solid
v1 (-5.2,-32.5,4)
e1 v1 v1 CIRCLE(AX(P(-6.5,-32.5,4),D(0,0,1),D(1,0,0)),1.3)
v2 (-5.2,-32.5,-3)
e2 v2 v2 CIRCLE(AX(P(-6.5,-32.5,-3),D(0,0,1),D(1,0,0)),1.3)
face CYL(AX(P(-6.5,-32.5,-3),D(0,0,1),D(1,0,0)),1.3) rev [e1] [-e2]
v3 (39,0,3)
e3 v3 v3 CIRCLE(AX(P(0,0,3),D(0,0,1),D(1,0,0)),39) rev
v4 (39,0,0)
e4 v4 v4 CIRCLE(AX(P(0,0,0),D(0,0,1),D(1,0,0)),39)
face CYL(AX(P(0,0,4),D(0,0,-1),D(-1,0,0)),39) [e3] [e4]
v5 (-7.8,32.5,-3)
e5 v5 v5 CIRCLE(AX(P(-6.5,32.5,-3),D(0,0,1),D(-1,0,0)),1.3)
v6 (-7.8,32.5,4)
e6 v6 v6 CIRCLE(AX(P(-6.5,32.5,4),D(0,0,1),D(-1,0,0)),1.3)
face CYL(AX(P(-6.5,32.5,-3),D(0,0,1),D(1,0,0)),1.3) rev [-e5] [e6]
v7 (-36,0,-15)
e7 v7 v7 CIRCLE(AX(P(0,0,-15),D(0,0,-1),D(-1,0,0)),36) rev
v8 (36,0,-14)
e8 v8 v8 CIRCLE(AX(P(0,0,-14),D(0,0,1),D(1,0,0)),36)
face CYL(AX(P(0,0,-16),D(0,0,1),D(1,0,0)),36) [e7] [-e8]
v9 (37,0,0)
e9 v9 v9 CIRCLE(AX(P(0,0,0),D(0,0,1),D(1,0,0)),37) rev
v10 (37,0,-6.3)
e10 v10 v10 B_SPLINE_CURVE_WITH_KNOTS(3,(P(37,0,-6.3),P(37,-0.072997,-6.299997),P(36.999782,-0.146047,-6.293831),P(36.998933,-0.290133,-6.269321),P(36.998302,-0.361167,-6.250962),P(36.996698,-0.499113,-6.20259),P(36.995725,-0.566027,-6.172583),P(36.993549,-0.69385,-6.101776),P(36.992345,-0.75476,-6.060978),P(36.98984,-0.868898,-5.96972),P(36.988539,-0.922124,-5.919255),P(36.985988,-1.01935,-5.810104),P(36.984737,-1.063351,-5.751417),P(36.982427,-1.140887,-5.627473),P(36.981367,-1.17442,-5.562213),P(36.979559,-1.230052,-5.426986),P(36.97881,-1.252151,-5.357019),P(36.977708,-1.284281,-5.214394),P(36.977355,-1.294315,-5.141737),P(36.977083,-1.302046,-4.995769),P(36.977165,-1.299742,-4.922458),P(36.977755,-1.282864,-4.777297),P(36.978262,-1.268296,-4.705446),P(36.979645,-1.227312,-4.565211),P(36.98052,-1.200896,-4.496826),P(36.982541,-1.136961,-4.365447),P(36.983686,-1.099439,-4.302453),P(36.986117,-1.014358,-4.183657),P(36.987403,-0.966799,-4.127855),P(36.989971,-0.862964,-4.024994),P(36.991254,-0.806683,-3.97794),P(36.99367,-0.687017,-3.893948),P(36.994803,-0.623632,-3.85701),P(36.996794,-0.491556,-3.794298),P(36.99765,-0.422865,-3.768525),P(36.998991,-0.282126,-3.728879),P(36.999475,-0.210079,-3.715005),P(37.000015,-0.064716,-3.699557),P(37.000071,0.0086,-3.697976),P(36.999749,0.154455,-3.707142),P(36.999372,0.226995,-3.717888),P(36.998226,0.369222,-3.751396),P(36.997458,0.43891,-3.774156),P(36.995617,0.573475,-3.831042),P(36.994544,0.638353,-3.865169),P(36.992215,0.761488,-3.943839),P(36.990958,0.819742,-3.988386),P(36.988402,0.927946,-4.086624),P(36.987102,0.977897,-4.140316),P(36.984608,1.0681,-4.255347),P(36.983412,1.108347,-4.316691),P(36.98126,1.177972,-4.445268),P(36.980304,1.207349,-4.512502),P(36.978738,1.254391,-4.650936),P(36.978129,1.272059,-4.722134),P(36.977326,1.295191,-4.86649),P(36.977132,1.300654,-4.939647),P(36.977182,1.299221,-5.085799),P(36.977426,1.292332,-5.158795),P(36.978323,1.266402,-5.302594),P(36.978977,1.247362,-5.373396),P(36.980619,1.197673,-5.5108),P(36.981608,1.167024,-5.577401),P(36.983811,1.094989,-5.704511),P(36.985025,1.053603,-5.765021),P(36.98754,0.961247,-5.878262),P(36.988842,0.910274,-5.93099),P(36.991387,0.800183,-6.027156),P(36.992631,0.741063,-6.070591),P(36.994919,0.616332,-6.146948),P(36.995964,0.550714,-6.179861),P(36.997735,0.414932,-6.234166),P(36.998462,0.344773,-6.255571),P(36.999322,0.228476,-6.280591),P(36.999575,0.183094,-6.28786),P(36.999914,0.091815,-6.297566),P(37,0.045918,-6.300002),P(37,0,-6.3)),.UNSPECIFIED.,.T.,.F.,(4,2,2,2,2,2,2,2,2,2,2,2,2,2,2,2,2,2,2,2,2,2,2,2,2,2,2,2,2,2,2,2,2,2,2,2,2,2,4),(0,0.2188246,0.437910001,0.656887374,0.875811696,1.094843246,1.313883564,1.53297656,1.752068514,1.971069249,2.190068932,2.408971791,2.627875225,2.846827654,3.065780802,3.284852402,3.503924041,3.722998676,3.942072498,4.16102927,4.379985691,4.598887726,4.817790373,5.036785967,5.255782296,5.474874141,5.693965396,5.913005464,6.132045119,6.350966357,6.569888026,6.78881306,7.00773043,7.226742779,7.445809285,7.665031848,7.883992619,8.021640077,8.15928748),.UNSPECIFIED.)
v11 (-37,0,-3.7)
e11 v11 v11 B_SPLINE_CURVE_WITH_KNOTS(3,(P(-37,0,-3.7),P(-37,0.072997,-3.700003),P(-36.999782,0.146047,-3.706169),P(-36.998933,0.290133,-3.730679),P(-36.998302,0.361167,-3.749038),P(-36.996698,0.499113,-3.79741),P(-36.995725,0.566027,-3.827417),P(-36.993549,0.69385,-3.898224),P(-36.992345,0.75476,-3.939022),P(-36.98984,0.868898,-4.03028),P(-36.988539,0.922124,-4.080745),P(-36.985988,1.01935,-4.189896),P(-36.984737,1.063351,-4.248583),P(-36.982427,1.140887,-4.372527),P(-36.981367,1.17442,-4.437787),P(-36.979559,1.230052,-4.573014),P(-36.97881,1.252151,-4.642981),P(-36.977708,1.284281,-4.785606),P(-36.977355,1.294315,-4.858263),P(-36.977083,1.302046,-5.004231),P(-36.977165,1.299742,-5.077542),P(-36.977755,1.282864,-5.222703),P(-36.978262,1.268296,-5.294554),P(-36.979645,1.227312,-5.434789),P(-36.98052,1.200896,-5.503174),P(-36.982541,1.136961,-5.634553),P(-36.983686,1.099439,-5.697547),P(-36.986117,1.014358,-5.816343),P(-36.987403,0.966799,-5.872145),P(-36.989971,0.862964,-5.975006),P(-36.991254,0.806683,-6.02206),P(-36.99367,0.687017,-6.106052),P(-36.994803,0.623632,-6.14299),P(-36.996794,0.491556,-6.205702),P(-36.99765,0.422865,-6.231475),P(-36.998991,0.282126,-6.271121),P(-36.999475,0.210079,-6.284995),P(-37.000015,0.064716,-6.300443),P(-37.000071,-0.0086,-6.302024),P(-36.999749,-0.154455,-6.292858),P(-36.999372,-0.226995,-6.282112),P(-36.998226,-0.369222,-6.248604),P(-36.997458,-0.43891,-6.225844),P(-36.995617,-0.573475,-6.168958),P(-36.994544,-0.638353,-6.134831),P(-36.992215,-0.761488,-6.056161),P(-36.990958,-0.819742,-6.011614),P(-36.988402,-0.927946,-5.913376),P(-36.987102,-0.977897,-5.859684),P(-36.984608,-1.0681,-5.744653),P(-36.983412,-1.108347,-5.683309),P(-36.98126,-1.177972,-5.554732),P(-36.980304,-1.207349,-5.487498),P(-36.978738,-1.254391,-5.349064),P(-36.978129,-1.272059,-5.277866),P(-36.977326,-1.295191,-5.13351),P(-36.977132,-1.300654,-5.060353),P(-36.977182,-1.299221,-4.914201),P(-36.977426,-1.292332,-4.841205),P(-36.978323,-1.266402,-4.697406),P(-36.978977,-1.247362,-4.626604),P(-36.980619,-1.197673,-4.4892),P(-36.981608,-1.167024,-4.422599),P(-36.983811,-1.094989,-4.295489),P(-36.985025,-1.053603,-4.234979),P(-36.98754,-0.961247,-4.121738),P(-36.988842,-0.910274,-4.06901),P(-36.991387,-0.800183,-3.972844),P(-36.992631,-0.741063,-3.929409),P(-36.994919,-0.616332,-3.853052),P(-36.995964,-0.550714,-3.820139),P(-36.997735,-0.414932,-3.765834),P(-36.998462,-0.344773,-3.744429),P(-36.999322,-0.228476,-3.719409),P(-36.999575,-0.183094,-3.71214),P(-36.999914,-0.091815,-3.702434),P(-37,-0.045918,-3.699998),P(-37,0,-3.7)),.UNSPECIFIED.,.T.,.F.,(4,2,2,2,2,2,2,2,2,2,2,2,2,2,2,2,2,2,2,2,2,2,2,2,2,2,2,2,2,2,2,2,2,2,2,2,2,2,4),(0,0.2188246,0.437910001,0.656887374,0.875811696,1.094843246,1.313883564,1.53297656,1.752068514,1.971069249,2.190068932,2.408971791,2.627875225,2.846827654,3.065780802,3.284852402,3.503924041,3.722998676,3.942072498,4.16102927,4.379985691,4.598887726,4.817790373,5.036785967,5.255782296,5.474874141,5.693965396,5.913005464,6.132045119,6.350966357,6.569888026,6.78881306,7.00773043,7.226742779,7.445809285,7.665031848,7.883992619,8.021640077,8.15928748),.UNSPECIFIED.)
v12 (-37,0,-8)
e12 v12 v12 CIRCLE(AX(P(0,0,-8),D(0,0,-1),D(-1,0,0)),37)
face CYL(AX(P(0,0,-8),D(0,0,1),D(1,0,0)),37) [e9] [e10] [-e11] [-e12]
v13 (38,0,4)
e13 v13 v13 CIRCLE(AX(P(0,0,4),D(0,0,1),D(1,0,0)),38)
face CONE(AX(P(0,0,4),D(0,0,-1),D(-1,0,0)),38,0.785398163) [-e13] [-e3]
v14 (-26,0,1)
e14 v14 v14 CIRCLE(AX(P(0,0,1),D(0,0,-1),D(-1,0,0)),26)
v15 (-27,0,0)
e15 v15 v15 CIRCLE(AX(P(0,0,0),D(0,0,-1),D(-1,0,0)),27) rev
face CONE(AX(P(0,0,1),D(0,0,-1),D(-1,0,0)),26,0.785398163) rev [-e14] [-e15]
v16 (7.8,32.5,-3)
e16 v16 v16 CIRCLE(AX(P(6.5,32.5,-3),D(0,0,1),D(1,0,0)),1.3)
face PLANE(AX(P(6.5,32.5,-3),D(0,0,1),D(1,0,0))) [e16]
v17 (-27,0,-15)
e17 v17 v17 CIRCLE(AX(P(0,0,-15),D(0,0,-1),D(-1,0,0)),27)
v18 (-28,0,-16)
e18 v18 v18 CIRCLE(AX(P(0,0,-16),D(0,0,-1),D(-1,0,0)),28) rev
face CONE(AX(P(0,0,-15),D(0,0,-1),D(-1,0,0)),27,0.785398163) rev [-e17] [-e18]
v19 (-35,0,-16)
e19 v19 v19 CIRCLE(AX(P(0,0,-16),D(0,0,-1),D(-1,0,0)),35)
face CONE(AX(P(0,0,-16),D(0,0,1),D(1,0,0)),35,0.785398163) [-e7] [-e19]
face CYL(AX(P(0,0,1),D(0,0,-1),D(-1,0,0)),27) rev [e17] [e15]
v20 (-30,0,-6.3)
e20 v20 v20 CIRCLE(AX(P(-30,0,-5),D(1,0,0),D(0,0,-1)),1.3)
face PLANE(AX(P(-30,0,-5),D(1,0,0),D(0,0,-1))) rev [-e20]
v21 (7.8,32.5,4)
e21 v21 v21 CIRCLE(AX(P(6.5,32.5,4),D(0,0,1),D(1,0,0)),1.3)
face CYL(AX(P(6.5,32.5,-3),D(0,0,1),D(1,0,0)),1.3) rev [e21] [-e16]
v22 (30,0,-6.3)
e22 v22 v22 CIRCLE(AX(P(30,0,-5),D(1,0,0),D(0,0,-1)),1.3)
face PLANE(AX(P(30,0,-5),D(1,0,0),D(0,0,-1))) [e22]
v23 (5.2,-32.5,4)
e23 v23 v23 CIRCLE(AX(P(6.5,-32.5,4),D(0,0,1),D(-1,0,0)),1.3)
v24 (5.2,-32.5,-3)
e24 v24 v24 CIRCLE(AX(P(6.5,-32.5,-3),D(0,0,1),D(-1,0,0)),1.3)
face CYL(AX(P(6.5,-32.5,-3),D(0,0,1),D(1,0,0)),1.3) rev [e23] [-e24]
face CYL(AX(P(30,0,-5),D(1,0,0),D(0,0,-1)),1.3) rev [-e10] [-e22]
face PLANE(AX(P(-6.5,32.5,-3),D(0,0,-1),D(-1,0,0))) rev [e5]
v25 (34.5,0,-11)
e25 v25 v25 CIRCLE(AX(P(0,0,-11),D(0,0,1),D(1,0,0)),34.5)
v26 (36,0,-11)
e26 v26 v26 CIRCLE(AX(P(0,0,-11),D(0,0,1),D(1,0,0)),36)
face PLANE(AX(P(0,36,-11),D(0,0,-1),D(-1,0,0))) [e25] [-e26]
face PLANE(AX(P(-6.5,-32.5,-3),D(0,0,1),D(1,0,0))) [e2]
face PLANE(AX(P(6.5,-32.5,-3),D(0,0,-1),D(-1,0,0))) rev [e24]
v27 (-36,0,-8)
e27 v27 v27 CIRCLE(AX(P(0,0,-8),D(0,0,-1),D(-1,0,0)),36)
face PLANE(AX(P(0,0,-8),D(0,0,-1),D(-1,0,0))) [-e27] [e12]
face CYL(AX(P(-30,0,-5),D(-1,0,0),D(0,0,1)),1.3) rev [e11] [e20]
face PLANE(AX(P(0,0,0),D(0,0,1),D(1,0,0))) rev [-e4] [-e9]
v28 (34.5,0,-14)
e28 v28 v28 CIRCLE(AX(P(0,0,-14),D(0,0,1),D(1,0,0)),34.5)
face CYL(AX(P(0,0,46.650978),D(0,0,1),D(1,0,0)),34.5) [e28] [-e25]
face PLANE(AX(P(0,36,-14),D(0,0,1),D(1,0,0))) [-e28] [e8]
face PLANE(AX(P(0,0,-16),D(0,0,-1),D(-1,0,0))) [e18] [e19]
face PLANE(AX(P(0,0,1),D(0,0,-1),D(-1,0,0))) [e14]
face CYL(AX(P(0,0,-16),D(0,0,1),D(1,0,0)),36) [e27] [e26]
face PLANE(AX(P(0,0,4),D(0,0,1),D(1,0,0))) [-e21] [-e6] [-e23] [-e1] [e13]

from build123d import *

# Parameters (mm, degrees)
SKETCH_1_R          = 39
EXTRUDE_1_DEPTH     = 4
SKETCH_3_R          = 37
EXTRUDE_2_DEPTH     = 8
SKETCH_4_R          = 36
EXTRUDE_3_DEPTH     = 8
SKETCH_5_W          = 3
SKETCH_5_H          = 1.5
SKETCH_7_R          = 27
CUT_EXTRUDE_1_DEPTH = 17
CHAMFER_2_SIZE      = 1
SKETCH_14_R         = 1.3
CUT_EXTRUDE_4_DEPTH = 7
CUT_EXTRUDE_START   = 7
SKETCH_16_R         = 1.3
CUT_EXTRUDE_5_DEPTH = 7
SKETCH_18_R         = 1.3
CUT_EXTRUDE_6_DEPTH = 7
CHAMFER_3_SIZE      = 1


with BuildPart() as part:
    # Sketch 1 → Бобышка-Вытянуть1 (new body)
    with BuildSketch(Plane.XY):
        Circle(SKETCH_1_R)
    extrude(amount=EXTRUDE_1_DEPTH)

    # Эскиз3 → Бобышка-Вытянуть2 (add)
    with BuildSketch(Plane(origin=(0, 0, 0), x_dir=(-1, 0, 0), z_dir=(0, 0, -1))):
        with Locations(Location((0, 0, 0), (0, 0, 180))):
            Circle(SKETCH_3_R)
    extrude(amount=EXTRUDE_2_DEPTH)

    # Эскиз4 → Бобышка-Вытянуть3 (add)
    with BuildSketch(Plane(origin=(0, 0, -8), x_dir=(-1, 0, 0), z_dir=(0, 0, -1))):
        Circle(SKETCH_4_R)
    extrude(amount=EXTRUDE_3_DEPTH)

    # Эскиз5 → Вырез-Повернуть1 (revolve, cut)
    with BuildSketch(Plane(origin=(0, 0, 0), x_dir=(0, 0, -1), z_dir=(1, 0, 0)), mode=Mode.PRIVATE) as cut_revolve_1_sk:
        with Locations((12.5, 35.25)):
            Rectangle(SKETCH_5_W, SKETCH_5_H)
    revolve(cut_revolve_1_sk.sketch.rotate(Axis((0, 0, 46.650977883), (0, 0, -1)), 90), axis=Axis((0, 0, 46.650977883), (0, 0, -1)), mode=Mode.SUBTRACT)

    # Эскиз7 → Вырез-Вытянуть1 (cut)
    with BuildSketch(Plane(origin=(0, 0, -16), x_dir=(-1, 0, 0), z_dir=(0, 0, -1))):
        Circle(SKETCH_7_R)
    extrude(amount=-CUT_EXTRUDE_1_DEPTH, mode=Mode.SUBTRACT)

    # Фаска2
    chamfer_2_edges = [part.edges().sort_by_distance(p)[0] for p in [
        (36, 0, -16),
    ]]
    chamfer(chamfer_2_edges, length=CHAMFER_2_SIZE)

    # Эскиз14 → Вырез-Вытянуть4 (cut)
    with BuildSketch(Plane(origin=(37, 0, 0), x_dir=(0, 0, -1), z_dir=(1, 0, 0))):
        with Locations((5, 0)):
            Circle(SKETCH_14_R)
    extrude(amount=-CUT_EXTRUDE_4_DEPTH, mode=Mode.SUBTRACT)

    # Эскиз16 → Вырез-Вытянуть5 (cut)
    with BuildSketch(Plane(origin=(-37, 0, 0), x_dir=(0, 0, -1), z_dir=(1, 0, 0)).offset(CUT_EXTRUDE_START)):
        with Locations((5, 0)):
            Circle(SKETCH_16_R)
    extrude(amount=-CUT_EXTRUDE_5_DEPTH, mode=Mode.SUBTRACT)

    # Эскиз18 → Вырез-Вытянуть6 (cut)
    with BuildSketch(Plane.XY.offset(4)):
        with Locations((6.5, 32.5)):
            Circle(SKETCH_18_R)
        with Locations(Location((-6.5, 32.5, 0), (0, 0, 180))):
            Circle(SKETCH_18_R)
        with Locations(Location((6.5, -32.5, 0), (0, 0, 180))):
            Circle(SKETCH_18_R)
        with Locations((-6.5, -32.5)):
            Circle(SKETCH_18_R)
    extrude(amount=-CUT_EXTRUDE_6_DEPTH, mode=Mode.SUBTRACT)

    # Фаска3
    chamfer_3_edges = [part.edges().sort_by_distance(p)[0] for p in [
        (27, 0, 1),
        (27, 0, -16),
        (-39, 0, 4),
    ]]
    chamfer(chamfer_3_edges, length=CHAMFER_3_SIZE)


solid = part.part
